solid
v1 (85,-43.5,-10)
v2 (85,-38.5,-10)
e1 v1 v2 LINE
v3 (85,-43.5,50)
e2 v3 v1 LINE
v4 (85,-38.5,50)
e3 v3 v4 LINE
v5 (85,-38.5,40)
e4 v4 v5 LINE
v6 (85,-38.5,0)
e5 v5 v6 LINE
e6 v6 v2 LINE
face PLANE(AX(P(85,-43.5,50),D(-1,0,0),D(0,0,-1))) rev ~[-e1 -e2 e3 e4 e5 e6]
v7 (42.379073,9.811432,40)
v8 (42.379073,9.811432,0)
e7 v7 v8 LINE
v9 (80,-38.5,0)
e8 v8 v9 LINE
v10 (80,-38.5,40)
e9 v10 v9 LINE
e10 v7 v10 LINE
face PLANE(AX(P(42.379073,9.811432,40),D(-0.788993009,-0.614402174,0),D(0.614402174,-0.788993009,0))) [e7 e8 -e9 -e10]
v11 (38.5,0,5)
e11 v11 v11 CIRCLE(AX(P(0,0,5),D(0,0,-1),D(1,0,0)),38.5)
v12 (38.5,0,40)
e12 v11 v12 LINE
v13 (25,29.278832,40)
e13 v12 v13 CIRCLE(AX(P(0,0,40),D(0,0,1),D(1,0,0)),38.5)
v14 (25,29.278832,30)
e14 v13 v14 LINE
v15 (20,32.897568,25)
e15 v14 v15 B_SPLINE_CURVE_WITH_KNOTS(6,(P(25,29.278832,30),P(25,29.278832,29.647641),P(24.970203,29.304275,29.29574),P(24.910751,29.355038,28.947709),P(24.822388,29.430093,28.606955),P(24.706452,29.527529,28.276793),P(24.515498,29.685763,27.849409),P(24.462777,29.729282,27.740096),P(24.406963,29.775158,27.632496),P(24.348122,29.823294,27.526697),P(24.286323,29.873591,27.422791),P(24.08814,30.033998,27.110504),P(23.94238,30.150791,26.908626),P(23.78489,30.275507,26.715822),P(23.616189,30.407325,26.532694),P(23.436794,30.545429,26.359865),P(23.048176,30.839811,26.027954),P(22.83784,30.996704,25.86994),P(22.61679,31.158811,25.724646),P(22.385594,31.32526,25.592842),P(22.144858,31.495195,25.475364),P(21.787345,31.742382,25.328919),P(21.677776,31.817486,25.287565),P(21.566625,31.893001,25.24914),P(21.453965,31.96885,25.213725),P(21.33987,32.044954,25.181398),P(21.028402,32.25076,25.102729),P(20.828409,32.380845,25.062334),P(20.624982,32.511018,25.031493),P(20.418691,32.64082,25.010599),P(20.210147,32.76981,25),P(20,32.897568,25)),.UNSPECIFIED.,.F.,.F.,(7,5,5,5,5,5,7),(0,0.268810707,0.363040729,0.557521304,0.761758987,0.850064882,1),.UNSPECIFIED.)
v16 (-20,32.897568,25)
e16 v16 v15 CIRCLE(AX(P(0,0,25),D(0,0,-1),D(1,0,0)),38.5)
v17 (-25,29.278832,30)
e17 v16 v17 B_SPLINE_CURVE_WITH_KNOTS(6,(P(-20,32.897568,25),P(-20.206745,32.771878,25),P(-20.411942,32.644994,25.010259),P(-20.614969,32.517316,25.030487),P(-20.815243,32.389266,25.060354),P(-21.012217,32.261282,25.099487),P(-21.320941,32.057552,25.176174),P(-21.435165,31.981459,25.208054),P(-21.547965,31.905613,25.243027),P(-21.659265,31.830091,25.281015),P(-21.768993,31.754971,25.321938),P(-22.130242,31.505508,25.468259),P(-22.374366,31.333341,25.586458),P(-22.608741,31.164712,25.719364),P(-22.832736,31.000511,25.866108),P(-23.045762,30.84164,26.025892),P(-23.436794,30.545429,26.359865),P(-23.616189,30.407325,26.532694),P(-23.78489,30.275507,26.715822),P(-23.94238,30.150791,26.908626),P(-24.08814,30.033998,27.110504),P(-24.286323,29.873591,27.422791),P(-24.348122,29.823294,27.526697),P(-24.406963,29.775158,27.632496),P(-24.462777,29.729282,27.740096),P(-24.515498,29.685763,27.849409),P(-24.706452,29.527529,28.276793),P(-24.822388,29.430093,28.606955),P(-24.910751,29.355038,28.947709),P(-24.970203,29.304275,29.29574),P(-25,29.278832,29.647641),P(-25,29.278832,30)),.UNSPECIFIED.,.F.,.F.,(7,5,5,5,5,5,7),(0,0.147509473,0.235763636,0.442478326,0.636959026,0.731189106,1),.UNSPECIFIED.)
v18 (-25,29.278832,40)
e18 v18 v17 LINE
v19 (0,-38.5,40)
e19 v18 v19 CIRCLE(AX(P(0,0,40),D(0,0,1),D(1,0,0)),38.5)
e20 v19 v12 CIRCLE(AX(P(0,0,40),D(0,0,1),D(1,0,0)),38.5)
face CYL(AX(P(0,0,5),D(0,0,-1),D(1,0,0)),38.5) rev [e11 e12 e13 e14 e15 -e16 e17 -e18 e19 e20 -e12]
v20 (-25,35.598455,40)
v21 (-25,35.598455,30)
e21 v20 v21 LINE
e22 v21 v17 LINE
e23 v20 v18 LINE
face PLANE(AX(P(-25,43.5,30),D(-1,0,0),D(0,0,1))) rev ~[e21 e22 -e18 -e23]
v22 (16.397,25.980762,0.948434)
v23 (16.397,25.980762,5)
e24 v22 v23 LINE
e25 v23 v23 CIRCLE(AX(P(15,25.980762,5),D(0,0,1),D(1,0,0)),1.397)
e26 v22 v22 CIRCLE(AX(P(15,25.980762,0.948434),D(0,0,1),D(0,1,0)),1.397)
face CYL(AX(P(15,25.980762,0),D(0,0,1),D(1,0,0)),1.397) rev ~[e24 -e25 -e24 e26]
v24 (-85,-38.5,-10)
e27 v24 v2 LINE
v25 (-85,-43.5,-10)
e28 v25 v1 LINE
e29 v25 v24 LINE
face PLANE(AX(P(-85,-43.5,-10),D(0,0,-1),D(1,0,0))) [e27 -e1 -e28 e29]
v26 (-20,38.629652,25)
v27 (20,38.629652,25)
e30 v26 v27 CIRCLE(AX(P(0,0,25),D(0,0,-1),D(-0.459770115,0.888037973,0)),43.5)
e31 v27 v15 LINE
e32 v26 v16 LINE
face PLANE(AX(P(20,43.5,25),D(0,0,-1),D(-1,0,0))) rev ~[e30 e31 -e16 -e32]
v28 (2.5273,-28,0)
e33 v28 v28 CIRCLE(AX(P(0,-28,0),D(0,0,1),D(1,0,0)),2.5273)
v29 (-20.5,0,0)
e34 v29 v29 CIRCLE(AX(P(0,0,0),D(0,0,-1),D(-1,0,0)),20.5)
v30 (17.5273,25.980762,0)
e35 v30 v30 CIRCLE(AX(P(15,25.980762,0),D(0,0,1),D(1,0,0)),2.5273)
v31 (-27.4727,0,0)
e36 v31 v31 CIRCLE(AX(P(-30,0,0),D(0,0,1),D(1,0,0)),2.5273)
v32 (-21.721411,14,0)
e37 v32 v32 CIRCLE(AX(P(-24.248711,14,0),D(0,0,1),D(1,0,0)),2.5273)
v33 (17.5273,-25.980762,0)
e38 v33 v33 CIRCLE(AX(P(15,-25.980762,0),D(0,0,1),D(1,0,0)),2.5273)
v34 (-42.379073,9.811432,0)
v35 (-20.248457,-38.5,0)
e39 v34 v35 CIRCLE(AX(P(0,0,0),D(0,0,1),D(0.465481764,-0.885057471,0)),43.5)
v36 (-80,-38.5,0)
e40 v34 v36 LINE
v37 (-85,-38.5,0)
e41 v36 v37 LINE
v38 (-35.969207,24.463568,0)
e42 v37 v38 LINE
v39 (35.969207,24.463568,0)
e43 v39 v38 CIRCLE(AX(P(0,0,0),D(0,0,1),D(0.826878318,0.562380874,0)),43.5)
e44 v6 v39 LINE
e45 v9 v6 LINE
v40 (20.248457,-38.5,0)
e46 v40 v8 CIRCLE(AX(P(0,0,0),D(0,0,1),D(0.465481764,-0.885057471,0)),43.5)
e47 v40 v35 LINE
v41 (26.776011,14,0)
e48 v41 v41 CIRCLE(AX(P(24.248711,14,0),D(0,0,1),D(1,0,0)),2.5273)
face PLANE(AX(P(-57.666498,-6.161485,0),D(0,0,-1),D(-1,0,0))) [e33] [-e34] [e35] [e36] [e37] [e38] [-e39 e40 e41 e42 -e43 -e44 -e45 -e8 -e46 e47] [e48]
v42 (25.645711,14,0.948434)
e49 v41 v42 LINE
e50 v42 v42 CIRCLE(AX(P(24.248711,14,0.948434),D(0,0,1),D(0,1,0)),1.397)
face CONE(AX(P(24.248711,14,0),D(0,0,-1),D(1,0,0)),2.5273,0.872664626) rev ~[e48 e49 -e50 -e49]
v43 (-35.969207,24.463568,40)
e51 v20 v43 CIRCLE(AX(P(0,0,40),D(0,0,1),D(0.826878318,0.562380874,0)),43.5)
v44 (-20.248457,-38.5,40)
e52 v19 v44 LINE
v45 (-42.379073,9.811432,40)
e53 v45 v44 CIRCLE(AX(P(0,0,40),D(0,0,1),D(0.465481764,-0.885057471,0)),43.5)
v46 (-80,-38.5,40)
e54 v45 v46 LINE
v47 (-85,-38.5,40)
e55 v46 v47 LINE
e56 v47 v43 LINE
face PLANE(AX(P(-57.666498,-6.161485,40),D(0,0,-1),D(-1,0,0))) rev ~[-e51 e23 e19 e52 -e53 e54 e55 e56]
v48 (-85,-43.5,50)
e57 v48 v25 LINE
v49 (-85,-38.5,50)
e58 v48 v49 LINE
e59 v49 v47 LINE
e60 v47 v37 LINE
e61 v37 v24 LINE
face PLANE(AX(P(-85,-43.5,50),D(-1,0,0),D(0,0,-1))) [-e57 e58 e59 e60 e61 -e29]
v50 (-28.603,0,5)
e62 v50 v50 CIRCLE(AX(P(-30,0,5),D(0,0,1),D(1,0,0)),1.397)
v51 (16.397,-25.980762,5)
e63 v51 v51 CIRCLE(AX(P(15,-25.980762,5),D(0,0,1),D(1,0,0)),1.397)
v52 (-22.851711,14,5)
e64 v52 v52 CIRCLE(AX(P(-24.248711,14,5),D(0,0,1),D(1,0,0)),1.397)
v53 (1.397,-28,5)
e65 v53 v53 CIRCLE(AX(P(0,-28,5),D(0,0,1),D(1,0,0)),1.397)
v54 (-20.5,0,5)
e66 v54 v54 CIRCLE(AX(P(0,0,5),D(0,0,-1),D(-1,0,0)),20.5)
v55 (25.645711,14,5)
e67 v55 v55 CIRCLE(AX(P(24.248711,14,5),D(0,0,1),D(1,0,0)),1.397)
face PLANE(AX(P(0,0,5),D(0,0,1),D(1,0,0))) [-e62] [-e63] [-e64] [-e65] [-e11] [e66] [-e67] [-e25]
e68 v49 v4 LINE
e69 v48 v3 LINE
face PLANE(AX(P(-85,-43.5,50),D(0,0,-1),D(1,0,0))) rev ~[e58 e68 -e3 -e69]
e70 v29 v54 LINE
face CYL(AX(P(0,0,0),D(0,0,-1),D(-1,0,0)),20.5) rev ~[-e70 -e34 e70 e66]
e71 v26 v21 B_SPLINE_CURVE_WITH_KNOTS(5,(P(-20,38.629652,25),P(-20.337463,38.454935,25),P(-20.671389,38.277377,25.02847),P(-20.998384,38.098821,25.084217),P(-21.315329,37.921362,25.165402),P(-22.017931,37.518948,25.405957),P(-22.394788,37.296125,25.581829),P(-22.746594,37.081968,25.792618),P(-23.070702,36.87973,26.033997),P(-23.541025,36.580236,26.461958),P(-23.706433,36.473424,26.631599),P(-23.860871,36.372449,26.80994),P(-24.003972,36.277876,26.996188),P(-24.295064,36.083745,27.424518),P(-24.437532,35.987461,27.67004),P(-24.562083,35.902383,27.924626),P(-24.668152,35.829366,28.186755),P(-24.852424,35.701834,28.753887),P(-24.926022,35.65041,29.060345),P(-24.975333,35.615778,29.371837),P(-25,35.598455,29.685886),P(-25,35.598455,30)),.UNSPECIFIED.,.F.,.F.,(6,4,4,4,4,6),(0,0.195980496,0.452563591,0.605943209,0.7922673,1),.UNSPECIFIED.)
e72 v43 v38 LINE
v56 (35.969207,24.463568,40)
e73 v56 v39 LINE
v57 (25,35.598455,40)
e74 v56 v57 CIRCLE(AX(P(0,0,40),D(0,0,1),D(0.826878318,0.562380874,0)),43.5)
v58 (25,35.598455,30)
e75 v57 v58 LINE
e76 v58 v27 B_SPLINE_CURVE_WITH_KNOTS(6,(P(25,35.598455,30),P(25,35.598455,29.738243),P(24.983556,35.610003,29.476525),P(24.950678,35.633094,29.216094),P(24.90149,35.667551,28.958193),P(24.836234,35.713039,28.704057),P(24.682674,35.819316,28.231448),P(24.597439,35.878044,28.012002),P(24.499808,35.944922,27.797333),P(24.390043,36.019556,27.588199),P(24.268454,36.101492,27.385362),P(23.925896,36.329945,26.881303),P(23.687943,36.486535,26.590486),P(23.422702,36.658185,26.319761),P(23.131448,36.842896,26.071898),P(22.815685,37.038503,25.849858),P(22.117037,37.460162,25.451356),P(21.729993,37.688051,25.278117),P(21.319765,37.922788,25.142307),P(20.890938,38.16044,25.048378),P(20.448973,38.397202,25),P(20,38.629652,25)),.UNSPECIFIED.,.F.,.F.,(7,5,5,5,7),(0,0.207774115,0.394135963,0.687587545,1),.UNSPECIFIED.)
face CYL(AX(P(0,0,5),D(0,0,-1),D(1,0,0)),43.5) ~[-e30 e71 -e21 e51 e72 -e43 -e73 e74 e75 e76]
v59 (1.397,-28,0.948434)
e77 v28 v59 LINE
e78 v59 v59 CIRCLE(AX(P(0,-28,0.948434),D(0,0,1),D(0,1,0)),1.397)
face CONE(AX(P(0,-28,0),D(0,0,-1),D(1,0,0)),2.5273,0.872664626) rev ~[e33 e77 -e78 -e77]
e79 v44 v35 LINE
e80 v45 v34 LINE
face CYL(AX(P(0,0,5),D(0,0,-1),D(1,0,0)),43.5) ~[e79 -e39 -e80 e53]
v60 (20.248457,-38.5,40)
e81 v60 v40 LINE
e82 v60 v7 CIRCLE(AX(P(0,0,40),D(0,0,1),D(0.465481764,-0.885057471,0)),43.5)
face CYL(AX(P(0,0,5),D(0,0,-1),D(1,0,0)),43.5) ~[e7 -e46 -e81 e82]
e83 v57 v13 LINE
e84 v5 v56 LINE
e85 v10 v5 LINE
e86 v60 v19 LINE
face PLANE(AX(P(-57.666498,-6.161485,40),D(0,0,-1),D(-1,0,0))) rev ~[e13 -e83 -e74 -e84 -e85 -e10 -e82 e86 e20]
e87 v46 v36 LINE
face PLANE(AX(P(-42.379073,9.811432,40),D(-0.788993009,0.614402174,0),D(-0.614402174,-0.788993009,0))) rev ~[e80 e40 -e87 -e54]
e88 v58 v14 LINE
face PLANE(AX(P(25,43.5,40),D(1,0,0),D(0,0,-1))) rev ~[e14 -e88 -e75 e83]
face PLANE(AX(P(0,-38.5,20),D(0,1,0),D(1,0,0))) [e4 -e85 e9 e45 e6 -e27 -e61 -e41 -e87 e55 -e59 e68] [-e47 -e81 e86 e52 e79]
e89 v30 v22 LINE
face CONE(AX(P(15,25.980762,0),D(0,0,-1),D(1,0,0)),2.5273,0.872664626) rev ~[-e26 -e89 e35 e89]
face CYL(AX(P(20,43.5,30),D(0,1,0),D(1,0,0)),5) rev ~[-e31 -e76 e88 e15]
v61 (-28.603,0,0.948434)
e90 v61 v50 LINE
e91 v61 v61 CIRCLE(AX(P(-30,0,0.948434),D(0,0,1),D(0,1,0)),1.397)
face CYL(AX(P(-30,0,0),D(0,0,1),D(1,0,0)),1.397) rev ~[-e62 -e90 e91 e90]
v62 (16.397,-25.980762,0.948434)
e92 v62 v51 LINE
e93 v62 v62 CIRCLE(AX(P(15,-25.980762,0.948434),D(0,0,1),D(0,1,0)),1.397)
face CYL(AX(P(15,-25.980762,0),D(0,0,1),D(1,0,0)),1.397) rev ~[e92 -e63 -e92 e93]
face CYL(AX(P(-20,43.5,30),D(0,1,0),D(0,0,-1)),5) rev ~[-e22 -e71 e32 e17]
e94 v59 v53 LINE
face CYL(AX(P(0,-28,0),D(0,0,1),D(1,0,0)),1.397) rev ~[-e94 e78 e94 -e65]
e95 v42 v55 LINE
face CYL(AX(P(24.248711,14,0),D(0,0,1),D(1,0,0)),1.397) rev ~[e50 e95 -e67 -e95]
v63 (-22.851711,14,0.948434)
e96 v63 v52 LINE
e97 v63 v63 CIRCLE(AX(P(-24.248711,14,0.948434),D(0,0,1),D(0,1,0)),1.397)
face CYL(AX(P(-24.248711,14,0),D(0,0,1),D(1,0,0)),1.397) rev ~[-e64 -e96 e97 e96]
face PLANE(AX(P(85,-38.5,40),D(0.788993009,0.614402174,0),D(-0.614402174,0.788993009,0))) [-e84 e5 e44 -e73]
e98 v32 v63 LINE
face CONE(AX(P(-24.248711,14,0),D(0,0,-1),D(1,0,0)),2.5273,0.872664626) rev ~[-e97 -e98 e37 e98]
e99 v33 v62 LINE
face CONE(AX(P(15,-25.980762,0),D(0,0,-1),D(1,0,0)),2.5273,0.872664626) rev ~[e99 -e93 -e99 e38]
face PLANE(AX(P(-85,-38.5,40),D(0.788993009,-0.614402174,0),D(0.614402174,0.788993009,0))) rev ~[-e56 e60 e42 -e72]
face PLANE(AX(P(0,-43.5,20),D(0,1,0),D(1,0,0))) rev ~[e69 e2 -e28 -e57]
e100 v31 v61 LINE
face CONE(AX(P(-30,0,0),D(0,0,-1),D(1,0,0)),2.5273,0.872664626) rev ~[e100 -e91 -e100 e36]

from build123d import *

# Parameters (mm, degrees)
SKETCH17_R                                        = 43.5
BOSS_EXTRUDE1_DEPTH                               = 5
SKETCH19_R                                        = 43.5
SKETCH19_R_2                                      = 38.5
BOSS_EXTRUDE2_DEPTH                               = 35
SKETCH20_R                                        = 20.5
CUT_EXTRUDE1_DEPTH                                = 5
SKETCH26_W                                        = 170
SKETCH26_H                                        = 60
BOSS_EXTRUDE3_DEPTH                               = 5
BOSS_EXTRUDE4_DEPTH                               = 40
CSK_FOR_3_FLAT_HEAD_MACHINE_SCREW_100_D           = 2.794
CSK_FOR_3_FLAT_HEAD_MACHINE_SCREW_100_CSINK_D     = 5.0546
CSK_FOR_3_FLAT_HEAD_MACHINE_SCREW_100_CSINK_ANGLE = 100
CUT_EXTRUDE2_DEPTH                                = 40


with BuildPart() as part:
    # Sketch17 → Boss-Extrude1 (new body)
    with BuildSketch(Plane.XY):
        Circle(SKETCH17_R)
    extrude(amount=BOSS_EXTRUDE1_DEPTH)

    # Sketch19 → Boss-Extrude2 (add)
    with BuildSketch(Plane.XY.offset(5)):
        Circle(SKETCH19_R)
        Circle(SKETCH19_R_2, mode=Mode.SUBTRACT)
    extrude(amount=BOSS_EXTRUDE2_DEPTH)

    # Sketch20 → Cut-Extrude1 (cut)
    with BuildSketch(Plane(origin=(0, 0, 0), x_dir=(-1, 0, 0), z_dir=(0, 0, -1))):
        Circle(SKETCH20_R)
    extrude(amount=-CUT_EXTRUDE1_DEPTH, mode=Mode.SUBTRACT)

    # Sketch26 → Boss-Extrude3 (add)
    with BuildSketch(Plane(origin=(0, -43.5, 0), x_dir=(1, 0, 0), z_dir=(0, 1, 0))):
        with Locations((0, -20)):
            Rectangle(SKETCH26_W, SKETCH26_H)
    extrude(amount=BOSS_EXTRUDE3_DEPTH)

    # Sketch27 → Boss-Extrude4 (add)
    with BuildSketch(Plane.XY.offset(40)):
        Polygon((-85, -38.5), (-32.53104334, 28.878732991), (-42.379072789, 9.811431574), (-80, -38.5), align=None)
        Polygon((32.53104334, 28.878732991), (42.379072789, 9.811431574), (80, -38.5), (85, -38.5), align=None)
    extrude(amount=-BOSS_EXTRUDE4_DEPTH)

    # CSK for #3 Flat Head Machine Screw (100)4 (through all)
    with Locations(Plane(origin=(0, 0, 0), x_dir=(-1, 0, 0), z_dir=(0, 0, -1))):
        with Locations((-24.248711306, 14), (-15, 25.980762114), (24.248711306, 14), (30, 0), (0, -28), (-15, -25.980762114)):
            CounterSinkHole(CSK_FOR_3_FLAT_HEAD_MACHINE_SCREW_100_D / 2, CSK_FOR_3_FLAT_HEAD_MACHINE_SCREW_100_CSINK_D / 2, counter_sink_angle=CSK_FOR_3_FLAT_HEAD_MACHINE_SCREW_100_CSINK_ANGLE)

    # Sketch34 → Cut-Extrude2 (cut)
    with BuildSketch(Plane(origin=(0, 43.5, 0), x_dir=(1, 0, 0), z_dir=(0, 1, 0))):
        with BuildLine():
            Line((-25, -40), (25, -40))
            Line((25, -40), (25, -30))
            ThreePointArc((25, -30), (23.535533906, -26.464466094), (20, -25))
            Line((20, -25), (-20, -25))
            ThreePointArc((-20, -25), (-23.535533906, -26.464466094), (-25, -30))
            Line((-25, -30), (-25, -40))
        make_face()
    extrude(amount=-CUT_EXTRUDE2_DEPTH, mode=Mode.SUBTRACT)


solid = part.part
